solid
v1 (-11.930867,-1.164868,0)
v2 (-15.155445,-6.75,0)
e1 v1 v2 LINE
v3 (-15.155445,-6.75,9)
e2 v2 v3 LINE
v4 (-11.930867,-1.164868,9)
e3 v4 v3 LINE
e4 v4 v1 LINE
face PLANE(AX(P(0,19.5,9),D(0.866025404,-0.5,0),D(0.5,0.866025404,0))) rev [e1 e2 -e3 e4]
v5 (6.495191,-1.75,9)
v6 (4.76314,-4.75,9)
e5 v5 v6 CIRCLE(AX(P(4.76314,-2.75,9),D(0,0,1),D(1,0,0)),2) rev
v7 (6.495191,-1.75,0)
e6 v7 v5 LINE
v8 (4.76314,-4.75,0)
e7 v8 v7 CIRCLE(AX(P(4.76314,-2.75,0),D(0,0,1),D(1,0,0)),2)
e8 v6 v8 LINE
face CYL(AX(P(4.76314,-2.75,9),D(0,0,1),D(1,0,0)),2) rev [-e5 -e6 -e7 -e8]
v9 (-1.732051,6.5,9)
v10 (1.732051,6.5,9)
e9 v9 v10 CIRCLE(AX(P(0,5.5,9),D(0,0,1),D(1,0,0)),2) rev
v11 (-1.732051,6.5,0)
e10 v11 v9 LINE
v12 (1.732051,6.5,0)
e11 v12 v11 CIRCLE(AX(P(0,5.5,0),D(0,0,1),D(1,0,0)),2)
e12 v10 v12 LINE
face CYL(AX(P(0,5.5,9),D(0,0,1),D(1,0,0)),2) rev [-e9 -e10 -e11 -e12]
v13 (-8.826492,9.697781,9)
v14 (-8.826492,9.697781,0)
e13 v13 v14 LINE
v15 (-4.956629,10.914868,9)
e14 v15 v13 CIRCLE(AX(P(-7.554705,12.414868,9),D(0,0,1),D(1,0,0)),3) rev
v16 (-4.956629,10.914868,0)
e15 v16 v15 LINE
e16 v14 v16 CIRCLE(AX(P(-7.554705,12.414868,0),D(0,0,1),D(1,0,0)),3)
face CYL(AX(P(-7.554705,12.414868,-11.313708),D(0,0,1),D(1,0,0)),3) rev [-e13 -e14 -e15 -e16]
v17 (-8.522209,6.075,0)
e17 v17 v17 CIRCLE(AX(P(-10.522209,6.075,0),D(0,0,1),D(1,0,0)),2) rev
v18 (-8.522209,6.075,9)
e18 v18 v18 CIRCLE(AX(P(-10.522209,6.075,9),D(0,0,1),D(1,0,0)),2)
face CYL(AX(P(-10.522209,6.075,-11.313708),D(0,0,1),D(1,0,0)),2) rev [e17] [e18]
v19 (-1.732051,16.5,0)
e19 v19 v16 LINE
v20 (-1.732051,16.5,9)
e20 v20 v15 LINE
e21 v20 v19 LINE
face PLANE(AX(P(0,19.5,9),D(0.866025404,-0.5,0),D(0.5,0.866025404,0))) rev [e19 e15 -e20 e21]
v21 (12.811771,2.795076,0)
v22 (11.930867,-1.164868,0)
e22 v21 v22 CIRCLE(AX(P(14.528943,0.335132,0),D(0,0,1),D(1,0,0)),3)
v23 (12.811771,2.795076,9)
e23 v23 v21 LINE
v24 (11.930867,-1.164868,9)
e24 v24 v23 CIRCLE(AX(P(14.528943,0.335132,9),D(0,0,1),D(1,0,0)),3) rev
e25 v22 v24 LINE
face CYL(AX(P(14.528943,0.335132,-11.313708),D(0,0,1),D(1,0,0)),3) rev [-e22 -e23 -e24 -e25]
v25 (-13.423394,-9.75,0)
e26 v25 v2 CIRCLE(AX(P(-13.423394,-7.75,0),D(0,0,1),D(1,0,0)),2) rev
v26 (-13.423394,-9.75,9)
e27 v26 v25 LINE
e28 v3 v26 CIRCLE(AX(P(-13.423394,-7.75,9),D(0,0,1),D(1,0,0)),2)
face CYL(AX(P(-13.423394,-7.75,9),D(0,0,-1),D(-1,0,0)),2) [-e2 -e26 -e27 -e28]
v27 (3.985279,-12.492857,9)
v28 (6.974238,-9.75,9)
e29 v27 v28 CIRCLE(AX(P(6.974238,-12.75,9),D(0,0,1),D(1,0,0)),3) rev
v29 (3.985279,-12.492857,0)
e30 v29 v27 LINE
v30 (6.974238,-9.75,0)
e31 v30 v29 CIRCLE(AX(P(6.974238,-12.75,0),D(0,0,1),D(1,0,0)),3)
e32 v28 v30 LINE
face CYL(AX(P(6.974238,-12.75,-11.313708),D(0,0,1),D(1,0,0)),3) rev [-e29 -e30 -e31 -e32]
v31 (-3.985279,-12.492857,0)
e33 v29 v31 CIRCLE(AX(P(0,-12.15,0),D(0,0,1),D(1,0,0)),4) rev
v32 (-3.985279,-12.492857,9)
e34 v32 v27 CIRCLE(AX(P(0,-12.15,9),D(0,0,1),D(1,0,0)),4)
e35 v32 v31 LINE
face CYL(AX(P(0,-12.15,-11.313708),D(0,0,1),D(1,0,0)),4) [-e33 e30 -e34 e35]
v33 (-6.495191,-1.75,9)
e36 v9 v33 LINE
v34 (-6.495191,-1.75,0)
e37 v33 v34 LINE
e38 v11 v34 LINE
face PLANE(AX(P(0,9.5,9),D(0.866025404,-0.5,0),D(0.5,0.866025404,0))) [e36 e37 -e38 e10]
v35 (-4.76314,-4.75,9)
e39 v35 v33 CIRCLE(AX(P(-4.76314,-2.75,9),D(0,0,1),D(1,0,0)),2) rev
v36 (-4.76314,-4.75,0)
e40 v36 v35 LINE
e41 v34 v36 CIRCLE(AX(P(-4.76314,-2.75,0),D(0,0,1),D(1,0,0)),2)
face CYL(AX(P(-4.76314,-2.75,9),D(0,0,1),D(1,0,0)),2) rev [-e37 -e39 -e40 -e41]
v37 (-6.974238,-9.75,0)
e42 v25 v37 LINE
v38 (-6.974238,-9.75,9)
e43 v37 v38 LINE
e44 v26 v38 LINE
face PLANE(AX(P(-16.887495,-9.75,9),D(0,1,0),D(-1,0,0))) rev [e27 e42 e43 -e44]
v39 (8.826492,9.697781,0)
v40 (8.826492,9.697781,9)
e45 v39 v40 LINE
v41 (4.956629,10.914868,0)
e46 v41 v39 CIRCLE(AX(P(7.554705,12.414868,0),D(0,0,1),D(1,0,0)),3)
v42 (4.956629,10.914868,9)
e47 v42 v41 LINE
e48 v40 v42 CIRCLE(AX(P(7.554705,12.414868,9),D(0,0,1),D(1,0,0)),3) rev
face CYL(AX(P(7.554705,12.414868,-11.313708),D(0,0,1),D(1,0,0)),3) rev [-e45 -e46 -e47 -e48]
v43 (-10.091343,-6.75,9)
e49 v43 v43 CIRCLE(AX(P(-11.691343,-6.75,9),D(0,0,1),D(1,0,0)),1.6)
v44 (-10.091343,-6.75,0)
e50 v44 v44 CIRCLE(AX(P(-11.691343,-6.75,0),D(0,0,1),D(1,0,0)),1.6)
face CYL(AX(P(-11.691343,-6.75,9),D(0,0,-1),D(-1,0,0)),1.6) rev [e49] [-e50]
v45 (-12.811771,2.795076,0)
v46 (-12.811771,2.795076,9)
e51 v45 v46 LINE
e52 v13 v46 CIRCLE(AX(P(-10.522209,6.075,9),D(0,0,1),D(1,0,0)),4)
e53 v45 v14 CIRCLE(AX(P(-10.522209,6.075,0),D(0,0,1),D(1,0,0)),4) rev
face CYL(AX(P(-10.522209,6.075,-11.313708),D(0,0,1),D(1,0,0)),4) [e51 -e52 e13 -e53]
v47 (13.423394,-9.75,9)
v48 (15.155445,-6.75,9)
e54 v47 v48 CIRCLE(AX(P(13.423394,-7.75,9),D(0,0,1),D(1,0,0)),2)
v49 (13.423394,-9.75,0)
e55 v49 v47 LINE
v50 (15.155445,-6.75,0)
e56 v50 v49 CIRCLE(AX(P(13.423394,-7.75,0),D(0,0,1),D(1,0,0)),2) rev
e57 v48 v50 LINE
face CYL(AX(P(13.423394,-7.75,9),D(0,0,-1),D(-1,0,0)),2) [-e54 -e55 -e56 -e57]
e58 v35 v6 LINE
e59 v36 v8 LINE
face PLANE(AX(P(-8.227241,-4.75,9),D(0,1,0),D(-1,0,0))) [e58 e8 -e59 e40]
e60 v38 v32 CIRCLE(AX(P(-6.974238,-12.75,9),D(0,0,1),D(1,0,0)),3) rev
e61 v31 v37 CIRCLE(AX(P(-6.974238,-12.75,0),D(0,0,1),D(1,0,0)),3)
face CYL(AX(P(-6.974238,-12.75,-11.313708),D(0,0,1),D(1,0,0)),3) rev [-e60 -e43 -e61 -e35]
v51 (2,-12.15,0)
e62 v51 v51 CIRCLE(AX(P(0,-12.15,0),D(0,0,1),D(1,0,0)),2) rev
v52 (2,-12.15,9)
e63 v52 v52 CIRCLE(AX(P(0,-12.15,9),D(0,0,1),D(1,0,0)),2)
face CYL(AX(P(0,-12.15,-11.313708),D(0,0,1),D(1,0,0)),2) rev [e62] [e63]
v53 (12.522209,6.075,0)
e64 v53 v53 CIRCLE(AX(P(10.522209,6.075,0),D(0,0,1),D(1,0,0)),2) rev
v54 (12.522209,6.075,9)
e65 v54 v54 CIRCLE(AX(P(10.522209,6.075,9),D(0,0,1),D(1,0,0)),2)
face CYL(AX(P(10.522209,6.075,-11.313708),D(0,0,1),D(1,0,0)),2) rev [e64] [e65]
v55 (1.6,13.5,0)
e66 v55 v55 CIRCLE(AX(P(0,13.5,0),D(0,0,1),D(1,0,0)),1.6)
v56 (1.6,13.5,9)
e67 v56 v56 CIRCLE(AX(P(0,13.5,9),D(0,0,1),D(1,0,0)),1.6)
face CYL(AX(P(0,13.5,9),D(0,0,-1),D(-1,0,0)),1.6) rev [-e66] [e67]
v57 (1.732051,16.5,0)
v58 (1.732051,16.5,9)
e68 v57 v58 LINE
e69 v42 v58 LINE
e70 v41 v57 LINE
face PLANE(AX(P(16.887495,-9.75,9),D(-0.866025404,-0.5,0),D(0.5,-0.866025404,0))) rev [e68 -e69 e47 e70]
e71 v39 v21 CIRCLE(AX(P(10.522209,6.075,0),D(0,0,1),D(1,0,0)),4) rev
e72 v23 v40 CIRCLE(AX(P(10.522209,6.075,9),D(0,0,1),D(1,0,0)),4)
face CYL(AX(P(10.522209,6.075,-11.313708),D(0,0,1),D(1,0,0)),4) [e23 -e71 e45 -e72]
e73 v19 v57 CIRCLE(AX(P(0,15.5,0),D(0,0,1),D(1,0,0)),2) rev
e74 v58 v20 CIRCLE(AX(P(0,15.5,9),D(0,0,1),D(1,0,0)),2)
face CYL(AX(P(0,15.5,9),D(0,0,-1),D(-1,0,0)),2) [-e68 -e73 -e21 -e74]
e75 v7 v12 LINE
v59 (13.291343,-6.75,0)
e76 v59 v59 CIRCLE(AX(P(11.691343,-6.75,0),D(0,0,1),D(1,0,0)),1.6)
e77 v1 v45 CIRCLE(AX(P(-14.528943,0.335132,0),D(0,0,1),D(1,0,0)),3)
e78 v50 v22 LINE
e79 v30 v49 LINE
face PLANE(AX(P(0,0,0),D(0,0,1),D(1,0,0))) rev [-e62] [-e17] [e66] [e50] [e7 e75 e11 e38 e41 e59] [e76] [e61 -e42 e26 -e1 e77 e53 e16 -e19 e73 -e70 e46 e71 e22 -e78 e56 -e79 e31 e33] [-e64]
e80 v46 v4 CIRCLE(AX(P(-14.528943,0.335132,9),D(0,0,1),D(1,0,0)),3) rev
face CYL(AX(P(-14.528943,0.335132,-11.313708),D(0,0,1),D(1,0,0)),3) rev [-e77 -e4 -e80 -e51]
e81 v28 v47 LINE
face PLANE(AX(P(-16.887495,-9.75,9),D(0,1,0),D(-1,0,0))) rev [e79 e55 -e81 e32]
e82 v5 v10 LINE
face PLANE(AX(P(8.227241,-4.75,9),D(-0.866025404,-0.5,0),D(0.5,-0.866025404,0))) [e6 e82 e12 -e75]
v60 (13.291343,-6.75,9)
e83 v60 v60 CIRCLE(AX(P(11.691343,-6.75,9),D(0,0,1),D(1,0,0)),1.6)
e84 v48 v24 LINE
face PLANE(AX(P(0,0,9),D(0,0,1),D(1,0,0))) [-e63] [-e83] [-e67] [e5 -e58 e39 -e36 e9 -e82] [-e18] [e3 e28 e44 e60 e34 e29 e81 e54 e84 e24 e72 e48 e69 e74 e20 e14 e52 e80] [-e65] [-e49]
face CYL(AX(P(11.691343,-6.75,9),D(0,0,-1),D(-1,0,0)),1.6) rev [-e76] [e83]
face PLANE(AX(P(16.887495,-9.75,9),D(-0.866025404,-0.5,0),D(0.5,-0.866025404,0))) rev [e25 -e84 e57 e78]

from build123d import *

# Parameters (mm, degrees)
SKETCH_1_R      = 1.6
EXTRUDE_1_DEPTH = 9
FILLET_1_R      = 2
SKETCH_2_R      = 4
SKETCH_2_R_2    = 2
EXTRUDE_2_DEPTH = 9
FILLET_2_R      = 3


with BuildPart() as part:
    # 草图1 → 凸台-拉伸1 (new body)
    with BuildSketch(Plane.XY):
        Polygon((0, 19.5), (-16.887495374, -9.75), (16.887495374, -9.75), align=None)
        with Locations((0, 13.5)):
            Circle(SKETCH_1_R, mode=Mode.SUBTRACT)
        with Locations((11.691342951, -6.75)):
            Circle(SKETCH_1_R, mode=Mode.SUBTRACT)
        with Locations((-11.691342951, -6.75)):
            Circle(SKETCH_1_R, mode=Mode.SUBTRACT)
        Polygon((8.227241336, -4.75), (0, 9.5), (-8.227241336, -4.75), align=None, mode=Mode.SUBTRACT)
    extrude(amount=EXTRUDE_1_DEPTH)

    # 圆角1
    fillet_1_edges = [part.edges().sort_by_distance(p)[0] for p in [
        (-8.227241336, -4.75, 4.5),
        (8.227241336, -4.75, 4.5),
        (0, 9.5, 4.5),
        (16.887495374, -9.75, 4.5),
        (-16.887495374, -9.75, 4.5),
        (0, 19.5, 4.5),
    ]]
    fillet(fillet_1_edges, radius=FILLET_1_R)

    # 草图2 → 凸台-拉伸2 (add)
    # profile 1 of 3: a face of its own
    with BuildSketch(Plane.XY.offset(9)):
        with Locations((10.522208656, 6.075)):
            Circle(SKETCH_2_R)
        with Locations((10.522208656, 6.075)):
            Circle(SKETCH_2_R_2, mode=Mode.SUBTRACT)
    # profile 2 of 3: a face of its own
    with BuildSketch(Plane.XY.offset(9)):
        with Locations((-10.522208656, 6.075)):
            Circle(SKETCH_2_R)
        with Locations((-10.522208656, 6.075)):
            Circle(SKETCH_2_R_2, mode=Mode.SUBTRACT)
    # profile 3 of 3: a face of its own
    with BuildSketch(Plane.XY.offset(9)):
        with Locations((0, -12.15)):
            Circle(SKETCH_2_R)
        with Locations((0, -12.15)):
            Circle(SKETCH_2_R_2, mode=Mode.SUBTRACT)
    extrude(amount=-EXTRUDE_2_DEPTH)

    # 圆角2
    fillet_2_edges = [part.edges().sort_by_distance(p)[0] for p in [
        (3.2, -9.75, 4.5),
        (-3.2, -9.75, 4.5),
        (6.843747687, 7.646281292, 4.5),
        (10.043747687, 2.103718708, 4.5),
        (-10.043747687, 2.103718708, 4.5),
        (-6.843747687, 7.646281292, 4.5),
    ]]
    fillet(fillet_2_edges, radius=FILLET_2_R)


solid = part.part
